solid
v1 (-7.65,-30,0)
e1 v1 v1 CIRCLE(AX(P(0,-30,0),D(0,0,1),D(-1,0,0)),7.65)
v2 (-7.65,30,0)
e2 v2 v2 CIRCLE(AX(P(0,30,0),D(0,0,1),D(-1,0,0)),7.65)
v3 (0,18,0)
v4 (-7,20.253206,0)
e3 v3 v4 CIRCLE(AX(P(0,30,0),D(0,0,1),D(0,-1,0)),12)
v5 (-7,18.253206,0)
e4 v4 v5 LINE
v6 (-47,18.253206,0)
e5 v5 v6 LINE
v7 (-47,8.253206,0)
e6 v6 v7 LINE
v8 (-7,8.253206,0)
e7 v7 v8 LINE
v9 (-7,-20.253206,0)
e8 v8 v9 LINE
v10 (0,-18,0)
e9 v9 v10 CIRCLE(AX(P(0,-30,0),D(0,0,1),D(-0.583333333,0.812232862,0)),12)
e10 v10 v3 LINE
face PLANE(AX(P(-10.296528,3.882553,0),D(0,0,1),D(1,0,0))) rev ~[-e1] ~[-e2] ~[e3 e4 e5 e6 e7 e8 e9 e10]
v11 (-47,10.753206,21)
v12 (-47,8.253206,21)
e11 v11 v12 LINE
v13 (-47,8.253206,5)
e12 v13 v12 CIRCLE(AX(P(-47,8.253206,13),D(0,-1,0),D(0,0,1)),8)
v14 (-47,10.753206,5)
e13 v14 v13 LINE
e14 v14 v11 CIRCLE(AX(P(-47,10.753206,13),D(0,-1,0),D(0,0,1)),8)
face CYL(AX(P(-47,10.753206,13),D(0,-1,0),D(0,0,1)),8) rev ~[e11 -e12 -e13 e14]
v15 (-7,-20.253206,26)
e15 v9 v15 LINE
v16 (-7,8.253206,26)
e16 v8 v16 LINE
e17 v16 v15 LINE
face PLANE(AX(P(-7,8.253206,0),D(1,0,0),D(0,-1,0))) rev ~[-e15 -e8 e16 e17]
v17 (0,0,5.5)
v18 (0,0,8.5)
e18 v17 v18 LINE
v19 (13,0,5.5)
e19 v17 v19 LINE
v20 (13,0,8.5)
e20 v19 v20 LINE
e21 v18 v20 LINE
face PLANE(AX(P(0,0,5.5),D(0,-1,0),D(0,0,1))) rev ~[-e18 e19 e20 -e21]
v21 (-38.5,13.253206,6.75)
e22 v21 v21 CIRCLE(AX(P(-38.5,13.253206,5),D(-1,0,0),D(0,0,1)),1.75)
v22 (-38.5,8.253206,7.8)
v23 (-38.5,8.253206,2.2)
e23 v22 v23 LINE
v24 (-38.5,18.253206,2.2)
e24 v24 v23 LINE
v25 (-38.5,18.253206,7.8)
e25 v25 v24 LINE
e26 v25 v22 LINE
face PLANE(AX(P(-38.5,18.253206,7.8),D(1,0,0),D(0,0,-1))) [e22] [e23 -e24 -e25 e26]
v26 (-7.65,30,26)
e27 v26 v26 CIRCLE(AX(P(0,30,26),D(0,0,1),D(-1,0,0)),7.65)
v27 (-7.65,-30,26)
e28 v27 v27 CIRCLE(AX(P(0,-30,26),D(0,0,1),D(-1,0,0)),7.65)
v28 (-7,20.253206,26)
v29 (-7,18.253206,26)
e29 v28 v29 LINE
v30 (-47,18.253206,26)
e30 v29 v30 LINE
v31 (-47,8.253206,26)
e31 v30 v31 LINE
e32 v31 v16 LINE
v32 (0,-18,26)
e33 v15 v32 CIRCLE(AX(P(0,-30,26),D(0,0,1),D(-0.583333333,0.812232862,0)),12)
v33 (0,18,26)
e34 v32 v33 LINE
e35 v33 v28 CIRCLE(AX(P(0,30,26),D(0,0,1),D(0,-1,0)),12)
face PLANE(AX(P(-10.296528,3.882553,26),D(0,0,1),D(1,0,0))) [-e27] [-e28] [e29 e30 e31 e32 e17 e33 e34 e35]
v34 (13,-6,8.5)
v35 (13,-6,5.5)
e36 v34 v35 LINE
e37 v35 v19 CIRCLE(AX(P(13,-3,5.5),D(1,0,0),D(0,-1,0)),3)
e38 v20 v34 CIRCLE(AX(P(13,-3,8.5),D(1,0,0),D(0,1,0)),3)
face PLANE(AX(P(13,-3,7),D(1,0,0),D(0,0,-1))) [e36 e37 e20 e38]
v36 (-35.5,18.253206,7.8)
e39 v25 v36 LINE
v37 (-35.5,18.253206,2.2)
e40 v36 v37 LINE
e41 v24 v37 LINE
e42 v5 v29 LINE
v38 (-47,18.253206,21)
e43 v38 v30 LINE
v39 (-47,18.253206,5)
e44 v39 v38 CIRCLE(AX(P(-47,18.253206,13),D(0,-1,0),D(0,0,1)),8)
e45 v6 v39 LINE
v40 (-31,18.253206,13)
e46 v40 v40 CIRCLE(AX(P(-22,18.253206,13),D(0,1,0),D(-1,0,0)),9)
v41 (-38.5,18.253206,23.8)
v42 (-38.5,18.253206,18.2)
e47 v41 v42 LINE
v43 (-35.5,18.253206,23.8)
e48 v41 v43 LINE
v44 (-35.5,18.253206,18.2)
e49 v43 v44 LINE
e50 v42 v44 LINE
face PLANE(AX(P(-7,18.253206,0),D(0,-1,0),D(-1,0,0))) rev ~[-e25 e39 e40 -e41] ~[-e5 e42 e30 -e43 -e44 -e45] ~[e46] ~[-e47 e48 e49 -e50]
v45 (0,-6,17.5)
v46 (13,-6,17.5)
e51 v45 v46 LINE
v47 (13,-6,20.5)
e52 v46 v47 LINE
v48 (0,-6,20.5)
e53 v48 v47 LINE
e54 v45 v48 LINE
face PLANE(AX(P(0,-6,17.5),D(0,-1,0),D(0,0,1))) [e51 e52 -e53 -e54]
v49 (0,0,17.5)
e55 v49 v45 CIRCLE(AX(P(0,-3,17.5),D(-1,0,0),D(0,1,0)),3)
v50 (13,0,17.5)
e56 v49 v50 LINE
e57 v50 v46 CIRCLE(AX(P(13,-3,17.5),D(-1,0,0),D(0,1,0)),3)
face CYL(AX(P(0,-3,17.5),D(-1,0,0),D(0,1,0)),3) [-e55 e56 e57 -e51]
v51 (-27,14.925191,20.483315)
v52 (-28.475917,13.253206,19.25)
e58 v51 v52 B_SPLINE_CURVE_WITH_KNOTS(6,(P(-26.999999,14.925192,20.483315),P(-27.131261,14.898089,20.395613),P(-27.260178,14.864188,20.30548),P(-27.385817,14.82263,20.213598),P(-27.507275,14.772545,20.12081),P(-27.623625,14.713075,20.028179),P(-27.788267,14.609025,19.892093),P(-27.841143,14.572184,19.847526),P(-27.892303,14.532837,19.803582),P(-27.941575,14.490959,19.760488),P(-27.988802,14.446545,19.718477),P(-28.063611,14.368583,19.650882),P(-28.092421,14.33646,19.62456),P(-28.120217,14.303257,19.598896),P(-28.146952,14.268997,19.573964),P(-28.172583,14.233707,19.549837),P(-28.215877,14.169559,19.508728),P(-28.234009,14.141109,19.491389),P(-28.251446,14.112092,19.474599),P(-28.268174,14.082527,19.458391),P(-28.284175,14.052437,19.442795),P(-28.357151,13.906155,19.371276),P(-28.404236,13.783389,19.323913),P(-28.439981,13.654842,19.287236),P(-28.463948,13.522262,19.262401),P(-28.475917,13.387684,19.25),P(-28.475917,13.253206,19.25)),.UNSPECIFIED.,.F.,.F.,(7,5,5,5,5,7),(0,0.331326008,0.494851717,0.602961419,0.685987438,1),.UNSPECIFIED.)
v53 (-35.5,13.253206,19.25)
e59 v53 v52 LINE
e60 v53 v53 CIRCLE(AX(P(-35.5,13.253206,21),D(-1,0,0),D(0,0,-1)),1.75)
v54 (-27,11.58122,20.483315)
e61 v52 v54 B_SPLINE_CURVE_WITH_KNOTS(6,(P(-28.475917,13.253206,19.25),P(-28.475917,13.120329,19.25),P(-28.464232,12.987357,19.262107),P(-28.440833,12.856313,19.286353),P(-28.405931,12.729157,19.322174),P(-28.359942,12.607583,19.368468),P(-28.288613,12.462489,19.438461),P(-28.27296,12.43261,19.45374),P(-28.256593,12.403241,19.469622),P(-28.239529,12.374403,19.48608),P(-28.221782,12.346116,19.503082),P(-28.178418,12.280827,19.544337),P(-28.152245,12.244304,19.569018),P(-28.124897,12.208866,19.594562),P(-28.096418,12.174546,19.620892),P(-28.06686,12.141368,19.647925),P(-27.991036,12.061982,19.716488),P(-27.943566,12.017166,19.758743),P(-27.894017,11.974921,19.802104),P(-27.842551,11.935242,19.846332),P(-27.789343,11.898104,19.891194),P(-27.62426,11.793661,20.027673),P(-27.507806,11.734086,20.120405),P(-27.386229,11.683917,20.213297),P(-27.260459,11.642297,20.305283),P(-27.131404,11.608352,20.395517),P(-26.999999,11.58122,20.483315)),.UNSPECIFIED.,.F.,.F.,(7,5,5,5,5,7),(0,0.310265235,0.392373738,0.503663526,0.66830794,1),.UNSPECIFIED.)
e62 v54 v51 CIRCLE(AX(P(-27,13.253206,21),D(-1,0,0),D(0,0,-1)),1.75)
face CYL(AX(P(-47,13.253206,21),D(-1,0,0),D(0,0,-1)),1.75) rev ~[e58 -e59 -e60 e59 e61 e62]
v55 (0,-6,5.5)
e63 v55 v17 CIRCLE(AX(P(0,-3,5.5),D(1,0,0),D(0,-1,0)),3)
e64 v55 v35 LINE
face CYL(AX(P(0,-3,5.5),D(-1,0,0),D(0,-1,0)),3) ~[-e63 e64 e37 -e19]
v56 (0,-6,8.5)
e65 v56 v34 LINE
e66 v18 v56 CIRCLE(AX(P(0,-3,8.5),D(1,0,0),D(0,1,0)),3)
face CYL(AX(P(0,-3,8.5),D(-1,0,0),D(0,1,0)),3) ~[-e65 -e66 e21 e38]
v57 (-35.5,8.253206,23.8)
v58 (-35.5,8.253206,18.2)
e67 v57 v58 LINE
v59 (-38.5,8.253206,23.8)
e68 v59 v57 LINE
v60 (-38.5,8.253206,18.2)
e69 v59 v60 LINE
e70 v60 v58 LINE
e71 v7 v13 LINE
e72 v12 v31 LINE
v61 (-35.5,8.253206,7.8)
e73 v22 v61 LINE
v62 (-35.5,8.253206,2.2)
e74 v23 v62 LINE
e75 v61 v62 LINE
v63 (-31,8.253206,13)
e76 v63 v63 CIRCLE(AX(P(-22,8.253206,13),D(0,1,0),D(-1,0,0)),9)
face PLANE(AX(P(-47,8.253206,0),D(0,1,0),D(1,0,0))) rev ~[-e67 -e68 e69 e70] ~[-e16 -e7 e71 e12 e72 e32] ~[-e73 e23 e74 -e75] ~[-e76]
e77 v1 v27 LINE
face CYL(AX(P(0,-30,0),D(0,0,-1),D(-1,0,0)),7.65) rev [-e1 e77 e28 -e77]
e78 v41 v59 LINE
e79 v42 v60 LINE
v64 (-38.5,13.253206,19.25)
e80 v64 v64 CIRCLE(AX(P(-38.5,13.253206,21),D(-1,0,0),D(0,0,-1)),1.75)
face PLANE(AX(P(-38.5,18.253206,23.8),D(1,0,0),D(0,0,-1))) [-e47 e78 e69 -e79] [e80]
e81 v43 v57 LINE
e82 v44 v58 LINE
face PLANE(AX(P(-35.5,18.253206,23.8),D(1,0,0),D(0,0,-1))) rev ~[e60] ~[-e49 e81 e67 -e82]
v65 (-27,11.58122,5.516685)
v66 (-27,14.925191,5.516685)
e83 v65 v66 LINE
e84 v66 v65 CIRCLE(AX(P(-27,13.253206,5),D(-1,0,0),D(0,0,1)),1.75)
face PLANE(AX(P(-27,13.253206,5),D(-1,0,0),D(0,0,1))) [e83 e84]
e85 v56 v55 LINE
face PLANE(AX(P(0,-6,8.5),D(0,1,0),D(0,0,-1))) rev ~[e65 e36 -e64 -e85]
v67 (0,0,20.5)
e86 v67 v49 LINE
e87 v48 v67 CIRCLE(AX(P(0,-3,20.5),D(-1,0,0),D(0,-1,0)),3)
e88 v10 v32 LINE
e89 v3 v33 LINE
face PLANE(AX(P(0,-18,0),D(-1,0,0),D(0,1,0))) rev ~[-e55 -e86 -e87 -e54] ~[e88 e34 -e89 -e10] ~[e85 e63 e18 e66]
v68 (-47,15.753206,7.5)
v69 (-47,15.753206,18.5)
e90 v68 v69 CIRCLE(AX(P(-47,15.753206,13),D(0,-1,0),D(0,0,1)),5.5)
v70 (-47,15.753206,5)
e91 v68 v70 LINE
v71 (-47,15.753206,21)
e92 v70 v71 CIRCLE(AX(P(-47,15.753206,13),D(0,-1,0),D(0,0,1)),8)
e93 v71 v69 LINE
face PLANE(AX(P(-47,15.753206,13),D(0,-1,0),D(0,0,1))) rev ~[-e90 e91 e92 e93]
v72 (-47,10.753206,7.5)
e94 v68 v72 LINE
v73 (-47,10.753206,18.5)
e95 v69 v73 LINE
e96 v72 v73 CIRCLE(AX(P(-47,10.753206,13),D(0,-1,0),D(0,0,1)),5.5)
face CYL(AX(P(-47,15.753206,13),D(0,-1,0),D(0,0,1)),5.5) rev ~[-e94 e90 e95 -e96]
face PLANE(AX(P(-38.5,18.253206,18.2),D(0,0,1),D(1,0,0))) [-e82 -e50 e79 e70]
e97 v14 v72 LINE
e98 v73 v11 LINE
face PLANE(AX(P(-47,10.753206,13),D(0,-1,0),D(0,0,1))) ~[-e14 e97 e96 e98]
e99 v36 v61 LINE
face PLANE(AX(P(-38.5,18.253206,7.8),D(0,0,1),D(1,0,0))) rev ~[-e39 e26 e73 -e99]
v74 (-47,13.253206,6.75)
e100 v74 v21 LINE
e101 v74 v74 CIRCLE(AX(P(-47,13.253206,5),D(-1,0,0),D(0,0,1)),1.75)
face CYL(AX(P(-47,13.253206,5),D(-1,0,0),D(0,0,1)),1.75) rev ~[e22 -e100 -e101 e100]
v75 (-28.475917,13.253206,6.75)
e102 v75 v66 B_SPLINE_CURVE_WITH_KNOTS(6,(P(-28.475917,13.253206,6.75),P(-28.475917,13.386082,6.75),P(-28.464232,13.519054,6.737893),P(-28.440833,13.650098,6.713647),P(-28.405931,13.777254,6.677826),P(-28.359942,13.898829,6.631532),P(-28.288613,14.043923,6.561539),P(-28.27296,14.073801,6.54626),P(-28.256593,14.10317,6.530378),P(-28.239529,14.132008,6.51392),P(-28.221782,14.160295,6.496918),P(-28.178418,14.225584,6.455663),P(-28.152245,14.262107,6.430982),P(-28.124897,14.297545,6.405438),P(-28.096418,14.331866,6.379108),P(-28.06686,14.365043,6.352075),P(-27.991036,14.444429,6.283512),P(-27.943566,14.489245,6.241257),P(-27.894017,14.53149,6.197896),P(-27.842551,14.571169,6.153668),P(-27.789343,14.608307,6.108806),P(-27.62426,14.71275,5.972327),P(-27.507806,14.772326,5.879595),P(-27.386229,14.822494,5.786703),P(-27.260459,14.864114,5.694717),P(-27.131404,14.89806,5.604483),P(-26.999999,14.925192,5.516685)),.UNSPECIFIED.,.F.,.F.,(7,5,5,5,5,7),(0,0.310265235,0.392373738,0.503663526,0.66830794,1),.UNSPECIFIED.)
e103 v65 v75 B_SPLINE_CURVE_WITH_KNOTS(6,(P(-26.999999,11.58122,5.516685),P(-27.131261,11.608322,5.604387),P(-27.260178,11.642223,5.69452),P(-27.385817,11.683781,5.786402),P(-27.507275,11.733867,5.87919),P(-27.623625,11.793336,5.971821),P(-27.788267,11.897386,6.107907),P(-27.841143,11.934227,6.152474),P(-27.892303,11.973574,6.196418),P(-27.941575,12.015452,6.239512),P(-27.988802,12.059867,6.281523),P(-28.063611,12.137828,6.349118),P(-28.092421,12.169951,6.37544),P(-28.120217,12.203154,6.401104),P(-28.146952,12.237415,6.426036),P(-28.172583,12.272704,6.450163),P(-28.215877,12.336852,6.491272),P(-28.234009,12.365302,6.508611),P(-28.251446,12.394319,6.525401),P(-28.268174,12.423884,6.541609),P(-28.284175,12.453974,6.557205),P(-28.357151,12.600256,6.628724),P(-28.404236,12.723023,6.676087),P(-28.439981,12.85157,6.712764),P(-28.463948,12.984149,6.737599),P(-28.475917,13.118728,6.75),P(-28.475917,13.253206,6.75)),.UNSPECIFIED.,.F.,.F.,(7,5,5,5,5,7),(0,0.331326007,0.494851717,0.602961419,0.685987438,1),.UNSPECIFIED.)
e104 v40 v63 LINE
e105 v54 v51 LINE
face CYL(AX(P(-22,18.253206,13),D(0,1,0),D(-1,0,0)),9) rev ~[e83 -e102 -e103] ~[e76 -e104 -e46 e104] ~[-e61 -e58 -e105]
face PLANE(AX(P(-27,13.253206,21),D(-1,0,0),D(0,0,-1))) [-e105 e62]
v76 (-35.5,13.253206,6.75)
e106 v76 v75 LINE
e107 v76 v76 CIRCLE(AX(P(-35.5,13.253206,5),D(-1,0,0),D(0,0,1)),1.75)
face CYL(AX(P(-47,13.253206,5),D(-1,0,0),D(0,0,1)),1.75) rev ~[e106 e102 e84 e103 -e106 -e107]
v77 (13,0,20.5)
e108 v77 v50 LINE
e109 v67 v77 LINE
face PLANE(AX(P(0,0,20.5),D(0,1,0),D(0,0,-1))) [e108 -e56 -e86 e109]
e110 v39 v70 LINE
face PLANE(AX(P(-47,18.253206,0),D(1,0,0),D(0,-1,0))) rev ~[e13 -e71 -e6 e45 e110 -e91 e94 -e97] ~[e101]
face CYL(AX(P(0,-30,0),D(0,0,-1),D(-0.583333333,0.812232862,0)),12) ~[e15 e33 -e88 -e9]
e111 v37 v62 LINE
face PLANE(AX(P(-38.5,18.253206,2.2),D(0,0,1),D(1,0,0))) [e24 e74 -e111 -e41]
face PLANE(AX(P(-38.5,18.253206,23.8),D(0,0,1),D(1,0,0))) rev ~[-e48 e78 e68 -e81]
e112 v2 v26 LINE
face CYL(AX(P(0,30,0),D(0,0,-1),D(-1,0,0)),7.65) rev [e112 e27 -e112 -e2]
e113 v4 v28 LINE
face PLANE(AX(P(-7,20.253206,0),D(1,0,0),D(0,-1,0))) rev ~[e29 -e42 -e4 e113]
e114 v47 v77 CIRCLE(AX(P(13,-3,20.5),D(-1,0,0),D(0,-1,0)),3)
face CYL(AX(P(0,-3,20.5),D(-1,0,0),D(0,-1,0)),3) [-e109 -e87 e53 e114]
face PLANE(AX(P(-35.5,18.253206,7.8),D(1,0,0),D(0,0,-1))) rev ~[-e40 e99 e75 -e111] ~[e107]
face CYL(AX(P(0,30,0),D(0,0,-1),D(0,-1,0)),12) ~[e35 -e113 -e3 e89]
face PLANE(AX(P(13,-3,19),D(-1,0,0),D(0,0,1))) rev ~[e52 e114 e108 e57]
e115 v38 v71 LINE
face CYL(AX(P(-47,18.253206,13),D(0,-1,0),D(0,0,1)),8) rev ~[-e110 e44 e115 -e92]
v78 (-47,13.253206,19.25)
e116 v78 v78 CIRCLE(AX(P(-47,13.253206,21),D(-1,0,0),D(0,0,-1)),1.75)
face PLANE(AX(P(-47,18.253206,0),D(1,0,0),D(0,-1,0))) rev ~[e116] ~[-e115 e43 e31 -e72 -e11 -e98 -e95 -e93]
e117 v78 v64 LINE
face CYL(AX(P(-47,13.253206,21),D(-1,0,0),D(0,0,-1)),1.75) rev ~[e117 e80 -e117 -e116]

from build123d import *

# Parameters (mm, degrees)
ESBO_O1_R                = 7.65
RESSALTO_EXTRUS_O1_DEPTH = 26
ESBO_O4_R                = 1.75
CORTE_EXTRUS_O1_DEPTH    = 20
ESBO_O5_W                = 3
ESBO_O5_H                = 5.6
CORTE_EXTRUS_O2_DEPTH    = 25
RESSALTO_EXTRUS_O2_DEPTH = 13
ESBO_O7_R                = 9
CORTE_EXTRUS_O3_DEPTH    = 10


with BuildPart() as part:
    # Esboço1 → Ressalto-extrusão1 (new body)
    with BuildSketch(Plane.XY):
        with BuildLine():
            Line((-7, 20.253205655), (-7, 18.253205655))
            Line((-7, 18.253205655), (-47, 18.253205655))
            Line((-47, 18.253205655), (-47, 8.253205655))
            Line((-47, 8.253205655), (-7, 8.253205655))
            Line((-7, 8.253205655), (-7, -20.253205655))
            ThreePointArc((-7, -20.253205655), (3.676851089, -41.422817781), (0, -18))
            Line((0, -18), (0, 18))
            ThreePointArc((0, 18), (3.676851089, 41.422817781), (-7, 20.253205655))
        make_face()
        with Locations(Location((0, 30, 0), (0, 0, 180))):
            Circle(ESBO_O1_R, mode=Mode.SUBTRACT)
        with Locations(Location((0, -30, 0), (0, 0, 180))):
            Circle(ESBO_O1_R, mode=Mode.SUBTRACT)
    extrude(amount=RESSALTO_EXTRUS_O1_DEPTH)

    # Esboço3 → Corte-Revolução1 (revolve, cut)
    with BuildSketch(Plane.ZY.offset(47)):
        Polygon((13, 18.253205655), (21, 18.253205655), (21, 15.753205655), (18.5, 15.753205655), (18.5, 10.753205655), (21, 10.753205655), (21, 8.253205655), (13, 8.253205655), align=None)
    revolve(axis=Axis((-47, 18.253205655, 13), (0, -1, 0)), mode=Mode.SUBTRACT)

    # Esboço4 → Corte-extrusão1 (cut)
    with BuildSketch(Plane.ZY.offset(47)):
        with Locations((5, 13.253205655)):
            Circle(ESBO_O4_R)
        with Locations(Location((21, 13.253205655, 0), (0, 0, 180))):
            Circle(ESBO_O4_R)
    extrude(amount=-CORTE_EXTRUS_O1_DEPTH, mode=Mode.SUBTRACT)

    # Esboço5 → Corte-extrusão2 (cut)
    with BuildSketch(Plane(origin=(0, 18.253205655, 0), x_dir=(1, 0, 0), z_dir=(0, 1, 0))):
        with Locations((-37, -5)):
            Rectangle(ESBO_O5_W, ESBO_O5_H)
        with Locations((-37, -21)):
            Rectangle(ESBO_O5_W, ESBO_O5_H)
    extrude(amount=-CORTE_EXTRUS_O2_DEPTH, mode=Mode.SUBTRACT)

    # Esboço6 → Ressalto-extrusão2 (add)
    with BuildSketch(Plane(origin=(0, 0, 0), x_dir=(0, 0, -1), z_dir=(1, 0, 0))):
        with BuildLine():
            Line((-17.5, -6), (-20.5, -6))
            ThreePointArc((-20.5, -6), (-23.5, -3), (-20.5, 0))
            Line((-20.5, 0), (-17.5, 0))
            ThreePointArc((-17.5, 0), (-14.5, -3), (-17.5, -6))
        make_face()
        with BuildLine():
            Line((-8.5, -6), (-5.5, -6))
            ThreePointArc((-5.5, -6), (-2.5, -3), (-5.5, 0))
            Line((-5.5, 0), (-8.5, 0))
            ThreePointArc((-8.5, 0), (-11.5, -3), (-8.5, -6))
        make_face()
    extrude(amount=RESSALTO_EXTRUS_O2_DEPTH)

    # Esboço7 → Corte-extrusão3 (cut)
    with BuildSketch(Plane(origin=(0, 18.253205655, 0), x_dir=(1, 0, 0), z_dir=(0, 1, 0))):
        with Locations(Location((-22, -13, 0), (0, 0, 180))):
            Circle(ESBO_O7_R)
    extrude(amount=-CORTE_EXTRUS_O3_DEPTH, mode=Mode.SUBTRACT)


solid = part.part
